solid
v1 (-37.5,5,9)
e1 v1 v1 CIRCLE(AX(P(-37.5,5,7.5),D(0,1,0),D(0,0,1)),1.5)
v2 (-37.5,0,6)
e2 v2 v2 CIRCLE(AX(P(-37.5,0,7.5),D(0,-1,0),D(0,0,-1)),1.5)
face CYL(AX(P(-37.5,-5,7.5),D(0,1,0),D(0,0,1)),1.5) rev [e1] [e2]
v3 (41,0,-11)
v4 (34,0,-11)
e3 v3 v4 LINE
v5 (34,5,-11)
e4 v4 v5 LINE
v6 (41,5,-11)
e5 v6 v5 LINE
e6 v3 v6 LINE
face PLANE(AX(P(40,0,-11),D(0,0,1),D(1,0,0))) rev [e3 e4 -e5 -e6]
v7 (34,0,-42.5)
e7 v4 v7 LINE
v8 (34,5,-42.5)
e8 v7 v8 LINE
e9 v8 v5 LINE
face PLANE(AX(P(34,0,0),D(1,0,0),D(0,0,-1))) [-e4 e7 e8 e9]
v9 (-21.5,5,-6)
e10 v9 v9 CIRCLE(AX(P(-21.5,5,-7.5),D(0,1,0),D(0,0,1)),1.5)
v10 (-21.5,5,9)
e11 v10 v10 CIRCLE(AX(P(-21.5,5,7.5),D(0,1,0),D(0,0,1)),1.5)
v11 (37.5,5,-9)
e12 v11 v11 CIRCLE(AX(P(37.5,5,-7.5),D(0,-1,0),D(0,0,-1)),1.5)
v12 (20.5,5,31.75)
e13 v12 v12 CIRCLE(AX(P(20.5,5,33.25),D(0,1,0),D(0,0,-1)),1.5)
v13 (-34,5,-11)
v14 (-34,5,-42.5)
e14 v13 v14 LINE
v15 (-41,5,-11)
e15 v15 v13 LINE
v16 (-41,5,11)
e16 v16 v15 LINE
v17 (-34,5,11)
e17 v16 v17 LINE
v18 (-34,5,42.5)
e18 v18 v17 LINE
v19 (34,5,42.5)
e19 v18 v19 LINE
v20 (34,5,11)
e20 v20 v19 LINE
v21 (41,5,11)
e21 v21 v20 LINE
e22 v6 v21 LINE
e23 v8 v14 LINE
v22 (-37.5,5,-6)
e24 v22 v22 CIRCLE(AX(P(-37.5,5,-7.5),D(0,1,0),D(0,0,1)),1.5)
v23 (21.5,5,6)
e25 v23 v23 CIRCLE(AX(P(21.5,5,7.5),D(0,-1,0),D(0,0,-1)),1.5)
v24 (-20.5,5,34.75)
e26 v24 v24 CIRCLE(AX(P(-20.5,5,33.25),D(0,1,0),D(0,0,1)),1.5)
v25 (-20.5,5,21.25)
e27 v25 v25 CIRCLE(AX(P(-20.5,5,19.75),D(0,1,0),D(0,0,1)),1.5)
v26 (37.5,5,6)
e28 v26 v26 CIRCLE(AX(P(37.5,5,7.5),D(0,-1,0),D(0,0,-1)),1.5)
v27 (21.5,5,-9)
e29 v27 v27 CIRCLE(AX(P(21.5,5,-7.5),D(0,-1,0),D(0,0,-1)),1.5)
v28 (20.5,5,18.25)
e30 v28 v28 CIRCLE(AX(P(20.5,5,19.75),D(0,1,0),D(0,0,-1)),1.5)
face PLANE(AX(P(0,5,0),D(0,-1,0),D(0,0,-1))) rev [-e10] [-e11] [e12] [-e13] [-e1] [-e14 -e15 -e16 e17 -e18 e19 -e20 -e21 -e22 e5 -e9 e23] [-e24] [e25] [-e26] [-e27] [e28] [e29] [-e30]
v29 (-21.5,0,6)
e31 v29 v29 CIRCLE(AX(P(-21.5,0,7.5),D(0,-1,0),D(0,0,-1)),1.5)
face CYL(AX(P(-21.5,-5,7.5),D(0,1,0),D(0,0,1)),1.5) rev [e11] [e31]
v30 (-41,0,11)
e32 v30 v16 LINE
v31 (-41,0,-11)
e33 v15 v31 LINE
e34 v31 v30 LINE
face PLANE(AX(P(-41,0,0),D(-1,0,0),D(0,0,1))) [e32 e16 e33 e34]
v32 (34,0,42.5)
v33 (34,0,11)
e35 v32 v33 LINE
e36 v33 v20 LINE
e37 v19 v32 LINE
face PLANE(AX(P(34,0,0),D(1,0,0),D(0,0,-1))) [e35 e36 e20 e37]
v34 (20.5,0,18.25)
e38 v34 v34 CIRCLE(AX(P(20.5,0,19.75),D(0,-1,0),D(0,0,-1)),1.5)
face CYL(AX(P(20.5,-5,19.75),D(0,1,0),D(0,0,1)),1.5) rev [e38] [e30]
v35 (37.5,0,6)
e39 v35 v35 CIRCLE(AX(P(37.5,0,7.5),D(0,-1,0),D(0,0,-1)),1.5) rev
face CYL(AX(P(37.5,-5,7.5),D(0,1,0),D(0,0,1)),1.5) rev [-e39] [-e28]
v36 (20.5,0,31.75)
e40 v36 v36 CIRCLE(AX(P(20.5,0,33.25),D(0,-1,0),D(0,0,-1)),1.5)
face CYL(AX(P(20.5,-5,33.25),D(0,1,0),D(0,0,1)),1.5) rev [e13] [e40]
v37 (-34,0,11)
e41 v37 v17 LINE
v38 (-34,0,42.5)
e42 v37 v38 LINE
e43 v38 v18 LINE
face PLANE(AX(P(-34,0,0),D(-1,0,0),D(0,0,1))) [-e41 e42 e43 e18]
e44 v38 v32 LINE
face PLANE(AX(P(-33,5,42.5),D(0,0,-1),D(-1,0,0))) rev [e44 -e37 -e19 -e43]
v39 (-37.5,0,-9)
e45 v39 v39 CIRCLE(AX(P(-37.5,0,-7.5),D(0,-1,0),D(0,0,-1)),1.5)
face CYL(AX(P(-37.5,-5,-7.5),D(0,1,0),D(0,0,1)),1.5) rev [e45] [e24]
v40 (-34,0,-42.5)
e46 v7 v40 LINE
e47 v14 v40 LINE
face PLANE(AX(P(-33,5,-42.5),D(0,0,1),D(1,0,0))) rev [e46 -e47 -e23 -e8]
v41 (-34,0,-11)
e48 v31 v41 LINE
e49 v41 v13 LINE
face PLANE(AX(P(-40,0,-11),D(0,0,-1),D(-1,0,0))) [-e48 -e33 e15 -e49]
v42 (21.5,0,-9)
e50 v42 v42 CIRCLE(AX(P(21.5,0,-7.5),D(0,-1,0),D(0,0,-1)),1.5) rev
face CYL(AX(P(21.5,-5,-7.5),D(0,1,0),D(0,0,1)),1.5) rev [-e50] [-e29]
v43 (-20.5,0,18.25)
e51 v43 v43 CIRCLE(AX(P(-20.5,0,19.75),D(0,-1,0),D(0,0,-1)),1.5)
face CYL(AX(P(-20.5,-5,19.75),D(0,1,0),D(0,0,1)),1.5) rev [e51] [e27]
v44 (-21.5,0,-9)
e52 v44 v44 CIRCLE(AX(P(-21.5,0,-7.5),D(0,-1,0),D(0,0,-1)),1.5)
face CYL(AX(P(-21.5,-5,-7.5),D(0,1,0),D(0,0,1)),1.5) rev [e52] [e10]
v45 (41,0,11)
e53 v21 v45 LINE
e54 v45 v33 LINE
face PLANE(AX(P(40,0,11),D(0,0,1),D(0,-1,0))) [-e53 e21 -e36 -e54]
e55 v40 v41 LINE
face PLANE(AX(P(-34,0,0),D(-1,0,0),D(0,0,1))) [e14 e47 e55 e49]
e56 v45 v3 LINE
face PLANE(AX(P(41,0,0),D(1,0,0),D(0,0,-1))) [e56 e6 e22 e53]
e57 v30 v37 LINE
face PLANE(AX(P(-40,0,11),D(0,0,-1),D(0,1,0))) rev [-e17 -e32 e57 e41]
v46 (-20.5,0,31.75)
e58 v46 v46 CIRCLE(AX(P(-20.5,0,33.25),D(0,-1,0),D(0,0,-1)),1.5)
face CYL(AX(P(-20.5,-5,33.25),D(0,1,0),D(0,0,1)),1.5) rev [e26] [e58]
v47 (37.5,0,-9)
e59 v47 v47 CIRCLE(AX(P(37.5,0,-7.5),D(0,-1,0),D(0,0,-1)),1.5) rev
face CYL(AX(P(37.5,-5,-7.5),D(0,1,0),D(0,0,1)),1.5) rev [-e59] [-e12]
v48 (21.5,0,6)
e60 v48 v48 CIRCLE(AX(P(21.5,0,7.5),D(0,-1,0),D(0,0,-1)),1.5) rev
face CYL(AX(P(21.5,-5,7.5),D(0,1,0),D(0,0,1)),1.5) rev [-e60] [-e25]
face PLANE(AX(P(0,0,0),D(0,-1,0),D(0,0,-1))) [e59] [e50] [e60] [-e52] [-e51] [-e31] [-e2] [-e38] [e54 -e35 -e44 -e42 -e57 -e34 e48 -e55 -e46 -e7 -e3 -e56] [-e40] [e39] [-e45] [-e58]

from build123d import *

# Parameters (mm, degrees)
SKETCH1_W           = 66
SKETCH1_H           = 85
BOSS_EXTRUDE1_DEPTH = 5
SKETCH5_W           = 22
SKETCH5_H           = 5
BOSS_EXTRUDE2_DEPTH = 7
SKETCH4_R           = 1.5
CUT_EXTRUDE2_DEPTH  = 10
SKETCH7_W           = 22
SKETCH7_H           = 5
BOSS_EXTRUDE3_DEPTH = 1
SKETCH8_W           = 22
SKETCH8_H           = 5
BOSS_EXTRUDE4_DEPTH = 1
SKETCH9_W           = 85
SKETCH9_H           = 5
BOSS_EXTRUDE5_DEPTH = 1
SKETCH10_W          = 85
SKETCH10_H          = 5
BOSS_EXTRUDE6_DEPTH = 1
SKETCH11_R          = 1.5
CUT_EXTRUDE3_DEPTH  = 10


with BuildPart() as part:
    # Sketch1 → Boss-Extrude1 (new body)
    with BuildSketch(Plane(origin=(0, 0, 0), x_dir=(1, 0, 0), z_dir=(0, 1, 0))):
        Rectangle(SKETCH1_W, SKETCH1_H)
    extrude(amount=BOSS_EXTRUDE1_DEPTH)

    # Sketch5 → Boss-Extrude2 (add)
    with BuildSketch(Plane.ZY.offset(33)):
        with Locations((0, 2.5)):
            Rectangle(SKETCH5_W, SKETCH5_H)
    boss_extrude2 = extrude(amount=BOSS_EXTRUDE2_DEPTH)

    # Mirror1: Boss-Extrude2 across plane
    add(boss_extrude2.mirror(Plane.ZY))

    # Sketch4 → Cut-Extrude2 (cut)
    with BuildSketch(Plane(origin=(0, 5, 0), x_dir=(1, 0, 0), z_dir=(0, 1, 0))):
        with Locations((-37.5, 7.5)):
            Circle(SKETCH4_R)
        with Locations((-21.5, 7.5)):
            Circle(SKETCH4_R)
        with Locations((-37.5, -7.5)):
            Circle(SKETCH4_R)
        with Locations((-21.5, -7.5)):
            Circle(SKETCH4_R)
        with Locations((21.5, -7.5)):
            Circle(SKETCH4_R)
        with Locations((37.5, -7.5)):
            Circle(SKETCH4_R)
        with Locations((21.5, 7.5)):
            Circle(SKETCH4_R)
        with Locations((37.5, 7.5)):
            Circle(SKETCH4_R)
    extrude(amount=-CUT_EXTRUDE2_DEPTH, mode=Mode.SUBTRACT)

    # Sketch7 → Boss-Extrude3 (add)
    with BuildSketch(Plane.ZY.offset(40)):
        with Locations((0, 2.5)):
            Rectangle(SKETCH7_W, SKETCH7_H)
    extrude(amount=BOSS_EXTRUDE3_DEPTH)

    # Sketch8 → Boss-Extrude4 (add)
    with BuildSketch(Plane(origin=(40, 0, 0), x_dir=(0, 0, -1), z_dir=(1, 0, 0))):
        with Locations((0, 2.5)):
            Rectangle(SKETCH8_W, SKETCH8_H)
    extrude(amount=BOSS_EXTRUDE4_DEPTH)

    # Sketch9 → Boss-Extrude5 (add)
    with BuildSketch(Plane.ZY.offset(33)):
        with Locations((0, 2.5)):
            Rectangle(SKETCH9_W, SKETCH9_H)
    extrude(amount=BOSS_EXTRUDE5_DEPTH)

    # Sketch10 → Boss-Extrude6 (add)
    with BuildSketch(Plane(origin=(33, 0, 0), x_dir=(0, 0, -1), z_dir=(1, 0, 0))):
        with Locations((0, 2.5)):
            Rectangle(SKETCH10_W, SKETCH10_H)
    extrude(amount=BOSS_EXTRUDE6_DEPTH)

    # Sketch11 → Cut-Extrude3 (cut)
    with BuildSketch(Plane(origin=(0, 5, 0), x_dir=(1, 0, 0), z_dir=(0, 1, 0))):
        with Locations((-20.5, -33.25)):
            Circle(SKETCH11_R)
        with Locations((-20.5, -19.75)):
            Circle(SKETCH11_R)
        with Locations((20.5, -33.25)):
            Circle(SKETCH11_R)
        with Locations((20.5, -19.75)):
            Circle(SKETCH11_R)
    extrude(amount=-CUT_EXTRUDE3_DEPTH, mode=Mode.SUBTRACT)


solid = part.part
